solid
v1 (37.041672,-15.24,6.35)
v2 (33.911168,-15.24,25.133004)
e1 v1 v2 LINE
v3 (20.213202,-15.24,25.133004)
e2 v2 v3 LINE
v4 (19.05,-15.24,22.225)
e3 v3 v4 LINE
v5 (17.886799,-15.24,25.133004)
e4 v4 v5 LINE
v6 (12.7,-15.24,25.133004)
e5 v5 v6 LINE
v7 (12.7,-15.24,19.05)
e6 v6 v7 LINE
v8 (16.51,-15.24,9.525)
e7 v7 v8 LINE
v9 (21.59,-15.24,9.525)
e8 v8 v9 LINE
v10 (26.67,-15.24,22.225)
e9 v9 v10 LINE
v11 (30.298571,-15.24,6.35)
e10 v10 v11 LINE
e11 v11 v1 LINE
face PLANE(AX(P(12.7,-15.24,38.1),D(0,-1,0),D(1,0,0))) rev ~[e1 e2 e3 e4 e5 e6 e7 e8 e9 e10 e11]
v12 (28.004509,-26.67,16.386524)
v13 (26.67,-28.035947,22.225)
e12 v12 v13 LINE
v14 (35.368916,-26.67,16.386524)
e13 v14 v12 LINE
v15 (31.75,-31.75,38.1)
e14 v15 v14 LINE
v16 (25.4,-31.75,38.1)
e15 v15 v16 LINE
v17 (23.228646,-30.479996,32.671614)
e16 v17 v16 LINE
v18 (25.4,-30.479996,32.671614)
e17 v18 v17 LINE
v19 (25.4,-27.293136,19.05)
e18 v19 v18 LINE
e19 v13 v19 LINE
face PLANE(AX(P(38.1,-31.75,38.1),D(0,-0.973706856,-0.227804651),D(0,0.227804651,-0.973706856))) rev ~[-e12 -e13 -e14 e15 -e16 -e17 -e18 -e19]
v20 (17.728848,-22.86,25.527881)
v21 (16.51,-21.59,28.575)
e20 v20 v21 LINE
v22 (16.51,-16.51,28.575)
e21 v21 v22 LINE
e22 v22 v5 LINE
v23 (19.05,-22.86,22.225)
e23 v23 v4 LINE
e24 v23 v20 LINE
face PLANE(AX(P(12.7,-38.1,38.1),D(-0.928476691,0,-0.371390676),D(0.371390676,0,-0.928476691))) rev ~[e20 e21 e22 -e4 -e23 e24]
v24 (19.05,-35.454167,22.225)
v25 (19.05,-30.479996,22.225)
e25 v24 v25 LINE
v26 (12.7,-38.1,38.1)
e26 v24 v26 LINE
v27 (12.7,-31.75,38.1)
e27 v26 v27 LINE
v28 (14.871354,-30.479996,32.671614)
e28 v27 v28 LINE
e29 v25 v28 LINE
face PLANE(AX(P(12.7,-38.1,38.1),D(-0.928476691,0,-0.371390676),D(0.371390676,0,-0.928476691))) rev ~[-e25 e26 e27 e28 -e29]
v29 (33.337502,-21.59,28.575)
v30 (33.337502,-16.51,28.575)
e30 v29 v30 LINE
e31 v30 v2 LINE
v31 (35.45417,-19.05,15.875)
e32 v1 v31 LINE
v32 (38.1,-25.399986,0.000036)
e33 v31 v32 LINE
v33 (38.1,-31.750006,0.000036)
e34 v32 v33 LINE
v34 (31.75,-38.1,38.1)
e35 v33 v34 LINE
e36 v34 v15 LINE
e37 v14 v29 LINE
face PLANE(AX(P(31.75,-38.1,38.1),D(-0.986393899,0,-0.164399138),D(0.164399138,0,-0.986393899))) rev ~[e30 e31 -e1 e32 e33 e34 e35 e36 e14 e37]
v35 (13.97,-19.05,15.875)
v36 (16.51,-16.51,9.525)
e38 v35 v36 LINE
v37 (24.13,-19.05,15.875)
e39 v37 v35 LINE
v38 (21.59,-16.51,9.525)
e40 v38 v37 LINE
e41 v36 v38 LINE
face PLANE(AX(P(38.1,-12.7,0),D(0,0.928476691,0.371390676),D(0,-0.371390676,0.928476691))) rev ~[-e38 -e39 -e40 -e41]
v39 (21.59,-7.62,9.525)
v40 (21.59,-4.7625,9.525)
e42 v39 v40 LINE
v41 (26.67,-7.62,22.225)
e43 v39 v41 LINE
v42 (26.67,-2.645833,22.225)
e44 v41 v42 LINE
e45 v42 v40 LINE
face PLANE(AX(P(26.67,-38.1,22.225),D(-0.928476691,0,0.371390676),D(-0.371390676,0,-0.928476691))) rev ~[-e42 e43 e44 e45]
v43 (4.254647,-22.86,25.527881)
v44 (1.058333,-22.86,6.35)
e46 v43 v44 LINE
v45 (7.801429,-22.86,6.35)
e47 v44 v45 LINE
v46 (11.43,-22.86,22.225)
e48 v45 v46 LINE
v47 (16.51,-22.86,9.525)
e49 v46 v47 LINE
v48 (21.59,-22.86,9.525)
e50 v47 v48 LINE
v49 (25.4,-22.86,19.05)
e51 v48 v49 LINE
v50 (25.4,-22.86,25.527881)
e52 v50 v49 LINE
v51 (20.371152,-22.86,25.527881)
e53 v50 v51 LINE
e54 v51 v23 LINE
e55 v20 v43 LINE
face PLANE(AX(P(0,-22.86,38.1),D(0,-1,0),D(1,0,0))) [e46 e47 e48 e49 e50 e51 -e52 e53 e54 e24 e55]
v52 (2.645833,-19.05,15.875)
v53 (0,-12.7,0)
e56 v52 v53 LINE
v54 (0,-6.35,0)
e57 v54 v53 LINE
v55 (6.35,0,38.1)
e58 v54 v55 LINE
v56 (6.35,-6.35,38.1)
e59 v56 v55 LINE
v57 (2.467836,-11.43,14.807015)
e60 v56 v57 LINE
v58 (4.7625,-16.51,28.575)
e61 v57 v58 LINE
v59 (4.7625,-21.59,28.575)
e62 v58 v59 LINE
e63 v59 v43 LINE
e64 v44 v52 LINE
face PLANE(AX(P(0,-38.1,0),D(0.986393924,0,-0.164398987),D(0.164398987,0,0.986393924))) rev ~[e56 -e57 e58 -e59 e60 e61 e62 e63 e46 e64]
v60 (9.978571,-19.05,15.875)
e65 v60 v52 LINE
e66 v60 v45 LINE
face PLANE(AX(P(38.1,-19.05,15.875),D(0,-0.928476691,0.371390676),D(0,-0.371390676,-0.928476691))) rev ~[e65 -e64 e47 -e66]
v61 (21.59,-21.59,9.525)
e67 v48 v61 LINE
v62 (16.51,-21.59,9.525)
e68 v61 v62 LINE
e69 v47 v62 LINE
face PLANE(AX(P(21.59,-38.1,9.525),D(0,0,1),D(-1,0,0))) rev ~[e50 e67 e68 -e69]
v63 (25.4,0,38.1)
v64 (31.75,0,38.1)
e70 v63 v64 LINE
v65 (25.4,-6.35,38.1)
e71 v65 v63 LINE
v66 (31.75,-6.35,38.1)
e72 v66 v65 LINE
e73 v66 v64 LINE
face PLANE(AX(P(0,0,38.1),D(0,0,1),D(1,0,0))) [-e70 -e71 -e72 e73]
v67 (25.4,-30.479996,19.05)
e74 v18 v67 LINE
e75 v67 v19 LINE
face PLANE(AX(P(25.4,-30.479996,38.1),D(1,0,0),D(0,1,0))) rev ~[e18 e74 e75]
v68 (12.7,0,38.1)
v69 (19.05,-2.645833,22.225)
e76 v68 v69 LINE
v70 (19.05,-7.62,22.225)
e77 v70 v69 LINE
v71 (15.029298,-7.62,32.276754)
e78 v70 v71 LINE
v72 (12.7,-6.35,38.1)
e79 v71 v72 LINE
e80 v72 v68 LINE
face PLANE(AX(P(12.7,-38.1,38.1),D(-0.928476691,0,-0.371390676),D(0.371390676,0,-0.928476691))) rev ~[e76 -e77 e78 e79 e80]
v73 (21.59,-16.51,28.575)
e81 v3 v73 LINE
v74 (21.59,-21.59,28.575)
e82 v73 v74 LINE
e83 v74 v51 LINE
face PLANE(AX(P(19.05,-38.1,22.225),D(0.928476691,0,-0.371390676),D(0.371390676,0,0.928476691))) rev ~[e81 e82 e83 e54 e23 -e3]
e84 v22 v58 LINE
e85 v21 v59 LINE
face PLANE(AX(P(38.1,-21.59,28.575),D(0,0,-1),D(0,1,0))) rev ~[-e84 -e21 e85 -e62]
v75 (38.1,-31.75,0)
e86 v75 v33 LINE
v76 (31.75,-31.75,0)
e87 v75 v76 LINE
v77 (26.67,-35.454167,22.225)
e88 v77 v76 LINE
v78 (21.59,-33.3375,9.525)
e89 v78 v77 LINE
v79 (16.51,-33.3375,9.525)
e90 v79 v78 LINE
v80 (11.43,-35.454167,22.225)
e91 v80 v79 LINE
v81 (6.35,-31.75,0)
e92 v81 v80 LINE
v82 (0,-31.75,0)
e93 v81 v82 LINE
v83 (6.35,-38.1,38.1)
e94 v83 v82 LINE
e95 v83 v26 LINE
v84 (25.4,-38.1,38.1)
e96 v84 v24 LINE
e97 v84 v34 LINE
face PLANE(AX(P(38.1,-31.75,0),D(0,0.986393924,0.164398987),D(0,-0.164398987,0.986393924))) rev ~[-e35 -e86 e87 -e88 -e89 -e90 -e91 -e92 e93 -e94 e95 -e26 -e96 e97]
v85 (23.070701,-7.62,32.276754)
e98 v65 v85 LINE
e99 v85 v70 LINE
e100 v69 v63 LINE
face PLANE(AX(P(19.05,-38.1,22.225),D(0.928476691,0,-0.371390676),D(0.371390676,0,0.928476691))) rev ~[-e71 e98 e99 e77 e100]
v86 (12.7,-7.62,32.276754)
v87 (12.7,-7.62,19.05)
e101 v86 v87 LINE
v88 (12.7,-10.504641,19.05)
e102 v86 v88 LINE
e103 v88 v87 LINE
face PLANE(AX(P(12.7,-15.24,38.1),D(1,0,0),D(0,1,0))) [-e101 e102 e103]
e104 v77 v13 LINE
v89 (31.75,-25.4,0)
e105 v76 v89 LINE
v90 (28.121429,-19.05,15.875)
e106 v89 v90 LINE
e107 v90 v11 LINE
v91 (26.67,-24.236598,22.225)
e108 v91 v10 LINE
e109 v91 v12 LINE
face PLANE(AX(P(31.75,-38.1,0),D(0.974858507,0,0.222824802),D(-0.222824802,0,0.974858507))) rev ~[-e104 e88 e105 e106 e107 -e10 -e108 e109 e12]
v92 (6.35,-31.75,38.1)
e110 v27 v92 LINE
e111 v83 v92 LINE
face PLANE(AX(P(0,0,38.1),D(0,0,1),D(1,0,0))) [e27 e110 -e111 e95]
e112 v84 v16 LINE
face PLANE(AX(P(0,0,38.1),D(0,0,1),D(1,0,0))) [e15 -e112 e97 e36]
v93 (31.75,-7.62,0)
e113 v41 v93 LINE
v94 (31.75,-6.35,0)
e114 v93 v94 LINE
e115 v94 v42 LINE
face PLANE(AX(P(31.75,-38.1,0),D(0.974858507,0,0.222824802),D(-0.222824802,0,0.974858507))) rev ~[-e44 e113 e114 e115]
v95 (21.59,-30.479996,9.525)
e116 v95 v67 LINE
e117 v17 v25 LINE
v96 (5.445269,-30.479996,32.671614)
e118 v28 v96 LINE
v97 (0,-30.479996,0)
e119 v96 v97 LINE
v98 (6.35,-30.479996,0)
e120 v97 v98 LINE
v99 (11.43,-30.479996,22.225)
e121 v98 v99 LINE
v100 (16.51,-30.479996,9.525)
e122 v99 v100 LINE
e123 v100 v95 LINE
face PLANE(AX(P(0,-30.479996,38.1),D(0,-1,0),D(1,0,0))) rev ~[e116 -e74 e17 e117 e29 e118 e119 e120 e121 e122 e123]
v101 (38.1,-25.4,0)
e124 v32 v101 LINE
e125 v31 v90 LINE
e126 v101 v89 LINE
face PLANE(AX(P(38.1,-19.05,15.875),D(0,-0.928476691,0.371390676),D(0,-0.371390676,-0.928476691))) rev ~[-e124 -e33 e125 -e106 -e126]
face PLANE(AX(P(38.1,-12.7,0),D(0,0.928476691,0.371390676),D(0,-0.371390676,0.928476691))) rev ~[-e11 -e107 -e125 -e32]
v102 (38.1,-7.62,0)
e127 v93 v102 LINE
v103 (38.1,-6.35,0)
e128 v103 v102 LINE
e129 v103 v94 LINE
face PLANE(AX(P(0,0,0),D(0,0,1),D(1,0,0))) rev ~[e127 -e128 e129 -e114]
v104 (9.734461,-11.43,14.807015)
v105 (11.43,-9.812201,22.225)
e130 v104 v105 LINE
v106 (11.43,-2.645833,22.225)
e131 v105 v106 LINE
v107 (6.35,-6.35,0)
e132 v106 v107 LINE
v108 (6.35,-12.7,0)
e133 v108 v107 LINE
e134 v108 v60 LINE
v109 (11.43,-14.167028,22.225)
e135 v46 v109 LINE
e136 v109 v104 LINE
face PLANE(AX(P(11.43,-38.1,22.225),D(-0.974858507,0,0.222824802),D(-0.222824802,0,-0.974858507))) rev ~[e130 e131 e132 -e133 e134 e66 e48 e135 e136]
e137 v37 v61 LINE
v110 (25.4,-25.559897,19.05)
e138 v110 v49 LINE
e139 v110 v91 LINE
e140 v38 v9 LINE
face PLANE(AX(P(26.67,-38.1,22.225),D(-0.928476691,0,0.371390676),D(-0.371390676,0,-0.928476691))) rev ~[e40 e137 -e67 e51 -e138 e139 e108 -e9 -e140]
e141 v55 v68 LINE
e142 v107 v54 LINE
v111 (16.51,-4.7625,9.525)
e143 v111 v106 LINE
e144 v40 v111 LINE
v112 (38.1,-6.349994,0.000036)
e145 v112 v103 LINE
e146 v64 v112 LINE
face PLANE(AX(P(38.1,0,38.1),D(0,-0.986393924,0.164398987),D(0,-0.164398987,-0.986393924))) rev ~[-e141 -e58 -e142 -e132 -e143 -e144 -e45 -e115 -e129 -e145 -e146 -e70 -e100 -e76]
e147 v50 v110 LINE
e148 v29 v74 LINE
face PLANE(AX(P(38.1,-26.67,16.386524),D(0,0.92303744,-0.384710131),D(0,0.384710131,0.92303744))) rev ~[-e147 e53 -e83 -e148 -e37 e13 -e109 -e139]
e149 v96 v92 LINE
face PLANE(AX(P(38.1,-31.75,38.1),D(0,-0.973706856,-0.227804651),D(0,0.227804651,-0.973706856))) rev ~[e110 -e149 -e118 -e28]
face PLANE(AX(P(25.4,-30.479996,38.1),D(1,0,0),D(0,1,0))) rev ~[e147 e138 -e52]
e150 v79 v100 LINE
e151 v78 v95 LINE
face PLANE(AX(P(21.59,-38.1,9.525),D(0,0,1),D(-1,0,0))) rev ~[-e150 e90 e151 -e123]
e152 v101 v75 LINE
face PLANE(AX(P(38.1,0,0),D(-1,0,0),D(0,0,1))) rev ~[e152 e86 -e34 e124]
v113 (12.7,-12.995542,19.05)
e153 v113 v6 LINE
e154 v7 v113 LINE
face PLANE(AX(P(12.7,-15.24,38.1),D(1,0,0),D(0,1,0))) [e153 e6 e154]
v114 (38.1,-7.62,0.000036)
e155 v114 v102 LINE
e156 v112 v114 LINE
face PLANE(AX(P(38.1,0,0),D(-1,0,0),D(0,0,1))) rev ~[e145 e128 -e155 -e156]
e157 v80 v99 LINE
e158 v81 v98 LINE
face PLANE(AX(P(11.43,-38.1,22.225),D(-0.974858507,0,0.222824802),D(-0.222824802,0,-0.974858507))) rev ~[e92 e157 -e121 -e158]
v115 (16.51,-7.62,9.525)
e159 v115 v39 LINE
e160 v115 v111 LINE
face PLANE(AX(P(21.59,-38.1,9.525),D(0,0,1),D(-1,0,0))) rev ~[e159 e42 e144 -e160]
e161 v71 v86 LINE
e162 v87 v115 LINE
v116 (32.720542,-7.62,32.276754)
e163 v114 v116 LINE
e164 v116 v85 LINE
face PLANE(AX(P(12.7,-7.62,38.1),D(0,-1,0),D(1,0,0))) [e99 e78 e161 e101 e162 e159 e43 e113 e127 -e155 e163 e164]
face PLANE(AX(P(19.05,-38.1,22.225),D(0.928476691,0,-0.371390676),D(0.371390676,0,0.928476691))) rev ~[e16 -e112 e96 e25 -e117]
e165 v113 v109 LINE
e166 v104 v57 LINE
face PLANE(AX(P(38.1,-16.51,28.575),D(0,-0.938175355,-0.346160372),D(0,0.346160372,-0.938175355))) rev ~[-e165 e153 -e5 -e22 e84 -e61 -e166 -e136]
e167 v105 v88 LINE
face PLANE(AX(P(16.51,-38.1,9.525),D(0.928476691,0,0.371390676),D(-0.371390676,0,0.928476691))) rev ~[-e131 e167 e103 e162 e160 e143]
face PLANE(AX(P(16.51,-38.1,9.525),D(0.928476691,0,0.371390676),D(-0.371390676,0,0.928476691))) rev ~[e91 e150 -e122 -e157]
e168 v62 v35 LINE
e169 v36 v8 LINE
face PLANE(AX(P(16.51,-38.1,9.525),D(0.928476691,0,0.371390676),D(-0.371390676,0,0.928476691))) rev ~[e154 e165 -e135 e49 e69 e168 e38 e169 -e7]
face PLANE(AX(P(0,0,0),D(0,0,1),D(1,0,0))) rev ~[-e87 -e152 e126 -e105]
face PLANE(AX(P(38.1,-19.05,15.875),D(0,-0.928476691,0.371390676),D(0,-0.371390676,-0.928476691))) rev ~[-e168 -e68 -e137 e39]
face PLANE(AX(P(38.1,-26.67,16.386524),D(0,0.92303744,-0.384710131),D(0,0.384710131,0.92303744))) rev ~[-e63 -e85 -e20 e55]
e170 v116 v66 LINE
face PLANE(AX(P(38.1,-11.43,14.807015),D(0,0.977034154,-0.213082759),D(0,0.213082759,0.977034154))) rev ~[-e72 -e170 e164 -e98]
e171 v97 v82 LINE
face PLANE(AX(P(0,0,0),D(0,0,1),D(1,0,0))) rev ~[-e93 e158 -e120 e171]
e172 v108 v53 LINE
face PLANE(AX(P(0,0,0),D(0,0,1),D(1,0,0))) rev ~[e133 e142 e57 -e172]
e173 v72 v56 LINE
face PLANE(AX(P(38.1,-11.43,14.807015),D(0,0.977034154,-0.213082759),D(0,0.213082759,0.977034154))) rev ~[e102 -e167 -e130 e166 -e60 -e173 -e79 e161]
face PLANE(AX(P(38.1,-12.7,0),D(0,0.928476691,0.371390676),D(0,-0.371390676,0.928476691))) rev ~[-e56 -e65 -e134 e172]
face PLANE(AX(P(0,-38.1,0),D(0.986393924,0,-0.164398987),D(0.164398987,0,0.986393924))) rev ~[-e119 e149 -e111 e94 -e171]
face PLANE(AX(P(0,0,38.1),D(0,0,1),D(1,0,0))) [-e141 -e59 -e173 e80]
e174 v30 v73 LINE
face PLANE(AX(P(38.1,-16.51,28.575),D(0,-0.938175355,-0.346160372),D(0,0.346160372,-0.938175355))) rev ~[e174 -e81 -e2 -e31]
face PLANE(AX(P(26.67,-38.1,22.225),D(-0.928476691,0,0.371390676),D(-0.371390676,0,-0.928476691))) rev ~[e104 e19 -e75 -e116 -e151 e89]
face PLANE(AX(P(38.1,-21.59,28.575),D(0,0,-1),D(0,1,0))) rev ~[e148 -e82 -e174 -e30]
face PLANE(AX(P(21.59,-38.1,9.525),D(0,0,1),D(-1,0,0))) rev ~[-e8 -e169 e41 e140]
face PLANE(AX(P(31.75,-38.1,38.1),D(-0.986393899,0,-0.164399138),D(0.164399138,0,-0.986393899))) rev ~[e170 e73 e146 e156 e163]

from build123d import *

# Parameters (mm, degrees)
F0_W      = 38.1
F0_H      = 38.1
F1_DEPTH  = 38.1
F6_DEPTH  = 38.1
F8_DEPTH  = 38.1
F9_W      = 25.4
F9_H      = 7.62
F9_H_2    = 7.619996
F10_DEPTH = 38.1


with BuildPart() as f1:
    # F0 (on Front) → F1 (new body)
    with BuildSketch(Plane.XZ):
        with Locations((19.05, 19.05)):
            Rectangle(F0_W, F0_H)
    extrude(amount=F1_DEPTH)

    # F5 (on offset) → F6 (cut)
    with BuildSketch(Plane.YZ.offset(38.1)):
        Polygon((-11.43, 14.807015), (-6.35, 38.1), (-31.75, 38.1), (-26.67, 16.386524), (-21.59, 28.575), (-16.51, 28.575), align=None)
        Polygon((-25.4, 0), (-12.7, 0), (-19.05, 15.875), align=None)
        Polygon((-38.1, 0), (-31.75, 0), (-38.1, 38.1), align=None)
        Polygon((-6.35, 0), (0, 0), (0, 38.1), align=None)
    extrude(amount=-F6_DEPTH, mode=Mode.SUBTRACT)

    # F7 (on offset) → F8 (cut)
    with BuildSketch(Plane.XZ.offset(38.1)):
        Polygon((11.43, 22.225), (6.35, 0), (31.75, 0), (26.67, 22.225), (21.59, 9.525), (16.51, 9.525), align=None)
        Polygon((0, 38.1), (0, 0), (6.35, 38.1), align=None)
        Polygon((25.4, 38.1), (12.7, 38.1), (19.05, 22.225), align=None)
        Polygon((31.75, 38.1), (38.100006, 0), (38.100006, 38.1), align=None)
    extrude(amount=-F8_DEPTH, mode=Mode.SUBTRACT)

    # F9 (on offset) → F10 (cut)
    with BuildSketch(Plane.XY.offset(38.1)):
        with Locations((25.4, -11.43)):
            Rectangle(F9_W, F9_H)
        with Locations((12.7, -26.669998)):
            Rectangle(F9_W, F9_H_2)
    extrude(amount=-F10_DEPTH, mode=Mode.SUBTRACT)


solid = f1.part
